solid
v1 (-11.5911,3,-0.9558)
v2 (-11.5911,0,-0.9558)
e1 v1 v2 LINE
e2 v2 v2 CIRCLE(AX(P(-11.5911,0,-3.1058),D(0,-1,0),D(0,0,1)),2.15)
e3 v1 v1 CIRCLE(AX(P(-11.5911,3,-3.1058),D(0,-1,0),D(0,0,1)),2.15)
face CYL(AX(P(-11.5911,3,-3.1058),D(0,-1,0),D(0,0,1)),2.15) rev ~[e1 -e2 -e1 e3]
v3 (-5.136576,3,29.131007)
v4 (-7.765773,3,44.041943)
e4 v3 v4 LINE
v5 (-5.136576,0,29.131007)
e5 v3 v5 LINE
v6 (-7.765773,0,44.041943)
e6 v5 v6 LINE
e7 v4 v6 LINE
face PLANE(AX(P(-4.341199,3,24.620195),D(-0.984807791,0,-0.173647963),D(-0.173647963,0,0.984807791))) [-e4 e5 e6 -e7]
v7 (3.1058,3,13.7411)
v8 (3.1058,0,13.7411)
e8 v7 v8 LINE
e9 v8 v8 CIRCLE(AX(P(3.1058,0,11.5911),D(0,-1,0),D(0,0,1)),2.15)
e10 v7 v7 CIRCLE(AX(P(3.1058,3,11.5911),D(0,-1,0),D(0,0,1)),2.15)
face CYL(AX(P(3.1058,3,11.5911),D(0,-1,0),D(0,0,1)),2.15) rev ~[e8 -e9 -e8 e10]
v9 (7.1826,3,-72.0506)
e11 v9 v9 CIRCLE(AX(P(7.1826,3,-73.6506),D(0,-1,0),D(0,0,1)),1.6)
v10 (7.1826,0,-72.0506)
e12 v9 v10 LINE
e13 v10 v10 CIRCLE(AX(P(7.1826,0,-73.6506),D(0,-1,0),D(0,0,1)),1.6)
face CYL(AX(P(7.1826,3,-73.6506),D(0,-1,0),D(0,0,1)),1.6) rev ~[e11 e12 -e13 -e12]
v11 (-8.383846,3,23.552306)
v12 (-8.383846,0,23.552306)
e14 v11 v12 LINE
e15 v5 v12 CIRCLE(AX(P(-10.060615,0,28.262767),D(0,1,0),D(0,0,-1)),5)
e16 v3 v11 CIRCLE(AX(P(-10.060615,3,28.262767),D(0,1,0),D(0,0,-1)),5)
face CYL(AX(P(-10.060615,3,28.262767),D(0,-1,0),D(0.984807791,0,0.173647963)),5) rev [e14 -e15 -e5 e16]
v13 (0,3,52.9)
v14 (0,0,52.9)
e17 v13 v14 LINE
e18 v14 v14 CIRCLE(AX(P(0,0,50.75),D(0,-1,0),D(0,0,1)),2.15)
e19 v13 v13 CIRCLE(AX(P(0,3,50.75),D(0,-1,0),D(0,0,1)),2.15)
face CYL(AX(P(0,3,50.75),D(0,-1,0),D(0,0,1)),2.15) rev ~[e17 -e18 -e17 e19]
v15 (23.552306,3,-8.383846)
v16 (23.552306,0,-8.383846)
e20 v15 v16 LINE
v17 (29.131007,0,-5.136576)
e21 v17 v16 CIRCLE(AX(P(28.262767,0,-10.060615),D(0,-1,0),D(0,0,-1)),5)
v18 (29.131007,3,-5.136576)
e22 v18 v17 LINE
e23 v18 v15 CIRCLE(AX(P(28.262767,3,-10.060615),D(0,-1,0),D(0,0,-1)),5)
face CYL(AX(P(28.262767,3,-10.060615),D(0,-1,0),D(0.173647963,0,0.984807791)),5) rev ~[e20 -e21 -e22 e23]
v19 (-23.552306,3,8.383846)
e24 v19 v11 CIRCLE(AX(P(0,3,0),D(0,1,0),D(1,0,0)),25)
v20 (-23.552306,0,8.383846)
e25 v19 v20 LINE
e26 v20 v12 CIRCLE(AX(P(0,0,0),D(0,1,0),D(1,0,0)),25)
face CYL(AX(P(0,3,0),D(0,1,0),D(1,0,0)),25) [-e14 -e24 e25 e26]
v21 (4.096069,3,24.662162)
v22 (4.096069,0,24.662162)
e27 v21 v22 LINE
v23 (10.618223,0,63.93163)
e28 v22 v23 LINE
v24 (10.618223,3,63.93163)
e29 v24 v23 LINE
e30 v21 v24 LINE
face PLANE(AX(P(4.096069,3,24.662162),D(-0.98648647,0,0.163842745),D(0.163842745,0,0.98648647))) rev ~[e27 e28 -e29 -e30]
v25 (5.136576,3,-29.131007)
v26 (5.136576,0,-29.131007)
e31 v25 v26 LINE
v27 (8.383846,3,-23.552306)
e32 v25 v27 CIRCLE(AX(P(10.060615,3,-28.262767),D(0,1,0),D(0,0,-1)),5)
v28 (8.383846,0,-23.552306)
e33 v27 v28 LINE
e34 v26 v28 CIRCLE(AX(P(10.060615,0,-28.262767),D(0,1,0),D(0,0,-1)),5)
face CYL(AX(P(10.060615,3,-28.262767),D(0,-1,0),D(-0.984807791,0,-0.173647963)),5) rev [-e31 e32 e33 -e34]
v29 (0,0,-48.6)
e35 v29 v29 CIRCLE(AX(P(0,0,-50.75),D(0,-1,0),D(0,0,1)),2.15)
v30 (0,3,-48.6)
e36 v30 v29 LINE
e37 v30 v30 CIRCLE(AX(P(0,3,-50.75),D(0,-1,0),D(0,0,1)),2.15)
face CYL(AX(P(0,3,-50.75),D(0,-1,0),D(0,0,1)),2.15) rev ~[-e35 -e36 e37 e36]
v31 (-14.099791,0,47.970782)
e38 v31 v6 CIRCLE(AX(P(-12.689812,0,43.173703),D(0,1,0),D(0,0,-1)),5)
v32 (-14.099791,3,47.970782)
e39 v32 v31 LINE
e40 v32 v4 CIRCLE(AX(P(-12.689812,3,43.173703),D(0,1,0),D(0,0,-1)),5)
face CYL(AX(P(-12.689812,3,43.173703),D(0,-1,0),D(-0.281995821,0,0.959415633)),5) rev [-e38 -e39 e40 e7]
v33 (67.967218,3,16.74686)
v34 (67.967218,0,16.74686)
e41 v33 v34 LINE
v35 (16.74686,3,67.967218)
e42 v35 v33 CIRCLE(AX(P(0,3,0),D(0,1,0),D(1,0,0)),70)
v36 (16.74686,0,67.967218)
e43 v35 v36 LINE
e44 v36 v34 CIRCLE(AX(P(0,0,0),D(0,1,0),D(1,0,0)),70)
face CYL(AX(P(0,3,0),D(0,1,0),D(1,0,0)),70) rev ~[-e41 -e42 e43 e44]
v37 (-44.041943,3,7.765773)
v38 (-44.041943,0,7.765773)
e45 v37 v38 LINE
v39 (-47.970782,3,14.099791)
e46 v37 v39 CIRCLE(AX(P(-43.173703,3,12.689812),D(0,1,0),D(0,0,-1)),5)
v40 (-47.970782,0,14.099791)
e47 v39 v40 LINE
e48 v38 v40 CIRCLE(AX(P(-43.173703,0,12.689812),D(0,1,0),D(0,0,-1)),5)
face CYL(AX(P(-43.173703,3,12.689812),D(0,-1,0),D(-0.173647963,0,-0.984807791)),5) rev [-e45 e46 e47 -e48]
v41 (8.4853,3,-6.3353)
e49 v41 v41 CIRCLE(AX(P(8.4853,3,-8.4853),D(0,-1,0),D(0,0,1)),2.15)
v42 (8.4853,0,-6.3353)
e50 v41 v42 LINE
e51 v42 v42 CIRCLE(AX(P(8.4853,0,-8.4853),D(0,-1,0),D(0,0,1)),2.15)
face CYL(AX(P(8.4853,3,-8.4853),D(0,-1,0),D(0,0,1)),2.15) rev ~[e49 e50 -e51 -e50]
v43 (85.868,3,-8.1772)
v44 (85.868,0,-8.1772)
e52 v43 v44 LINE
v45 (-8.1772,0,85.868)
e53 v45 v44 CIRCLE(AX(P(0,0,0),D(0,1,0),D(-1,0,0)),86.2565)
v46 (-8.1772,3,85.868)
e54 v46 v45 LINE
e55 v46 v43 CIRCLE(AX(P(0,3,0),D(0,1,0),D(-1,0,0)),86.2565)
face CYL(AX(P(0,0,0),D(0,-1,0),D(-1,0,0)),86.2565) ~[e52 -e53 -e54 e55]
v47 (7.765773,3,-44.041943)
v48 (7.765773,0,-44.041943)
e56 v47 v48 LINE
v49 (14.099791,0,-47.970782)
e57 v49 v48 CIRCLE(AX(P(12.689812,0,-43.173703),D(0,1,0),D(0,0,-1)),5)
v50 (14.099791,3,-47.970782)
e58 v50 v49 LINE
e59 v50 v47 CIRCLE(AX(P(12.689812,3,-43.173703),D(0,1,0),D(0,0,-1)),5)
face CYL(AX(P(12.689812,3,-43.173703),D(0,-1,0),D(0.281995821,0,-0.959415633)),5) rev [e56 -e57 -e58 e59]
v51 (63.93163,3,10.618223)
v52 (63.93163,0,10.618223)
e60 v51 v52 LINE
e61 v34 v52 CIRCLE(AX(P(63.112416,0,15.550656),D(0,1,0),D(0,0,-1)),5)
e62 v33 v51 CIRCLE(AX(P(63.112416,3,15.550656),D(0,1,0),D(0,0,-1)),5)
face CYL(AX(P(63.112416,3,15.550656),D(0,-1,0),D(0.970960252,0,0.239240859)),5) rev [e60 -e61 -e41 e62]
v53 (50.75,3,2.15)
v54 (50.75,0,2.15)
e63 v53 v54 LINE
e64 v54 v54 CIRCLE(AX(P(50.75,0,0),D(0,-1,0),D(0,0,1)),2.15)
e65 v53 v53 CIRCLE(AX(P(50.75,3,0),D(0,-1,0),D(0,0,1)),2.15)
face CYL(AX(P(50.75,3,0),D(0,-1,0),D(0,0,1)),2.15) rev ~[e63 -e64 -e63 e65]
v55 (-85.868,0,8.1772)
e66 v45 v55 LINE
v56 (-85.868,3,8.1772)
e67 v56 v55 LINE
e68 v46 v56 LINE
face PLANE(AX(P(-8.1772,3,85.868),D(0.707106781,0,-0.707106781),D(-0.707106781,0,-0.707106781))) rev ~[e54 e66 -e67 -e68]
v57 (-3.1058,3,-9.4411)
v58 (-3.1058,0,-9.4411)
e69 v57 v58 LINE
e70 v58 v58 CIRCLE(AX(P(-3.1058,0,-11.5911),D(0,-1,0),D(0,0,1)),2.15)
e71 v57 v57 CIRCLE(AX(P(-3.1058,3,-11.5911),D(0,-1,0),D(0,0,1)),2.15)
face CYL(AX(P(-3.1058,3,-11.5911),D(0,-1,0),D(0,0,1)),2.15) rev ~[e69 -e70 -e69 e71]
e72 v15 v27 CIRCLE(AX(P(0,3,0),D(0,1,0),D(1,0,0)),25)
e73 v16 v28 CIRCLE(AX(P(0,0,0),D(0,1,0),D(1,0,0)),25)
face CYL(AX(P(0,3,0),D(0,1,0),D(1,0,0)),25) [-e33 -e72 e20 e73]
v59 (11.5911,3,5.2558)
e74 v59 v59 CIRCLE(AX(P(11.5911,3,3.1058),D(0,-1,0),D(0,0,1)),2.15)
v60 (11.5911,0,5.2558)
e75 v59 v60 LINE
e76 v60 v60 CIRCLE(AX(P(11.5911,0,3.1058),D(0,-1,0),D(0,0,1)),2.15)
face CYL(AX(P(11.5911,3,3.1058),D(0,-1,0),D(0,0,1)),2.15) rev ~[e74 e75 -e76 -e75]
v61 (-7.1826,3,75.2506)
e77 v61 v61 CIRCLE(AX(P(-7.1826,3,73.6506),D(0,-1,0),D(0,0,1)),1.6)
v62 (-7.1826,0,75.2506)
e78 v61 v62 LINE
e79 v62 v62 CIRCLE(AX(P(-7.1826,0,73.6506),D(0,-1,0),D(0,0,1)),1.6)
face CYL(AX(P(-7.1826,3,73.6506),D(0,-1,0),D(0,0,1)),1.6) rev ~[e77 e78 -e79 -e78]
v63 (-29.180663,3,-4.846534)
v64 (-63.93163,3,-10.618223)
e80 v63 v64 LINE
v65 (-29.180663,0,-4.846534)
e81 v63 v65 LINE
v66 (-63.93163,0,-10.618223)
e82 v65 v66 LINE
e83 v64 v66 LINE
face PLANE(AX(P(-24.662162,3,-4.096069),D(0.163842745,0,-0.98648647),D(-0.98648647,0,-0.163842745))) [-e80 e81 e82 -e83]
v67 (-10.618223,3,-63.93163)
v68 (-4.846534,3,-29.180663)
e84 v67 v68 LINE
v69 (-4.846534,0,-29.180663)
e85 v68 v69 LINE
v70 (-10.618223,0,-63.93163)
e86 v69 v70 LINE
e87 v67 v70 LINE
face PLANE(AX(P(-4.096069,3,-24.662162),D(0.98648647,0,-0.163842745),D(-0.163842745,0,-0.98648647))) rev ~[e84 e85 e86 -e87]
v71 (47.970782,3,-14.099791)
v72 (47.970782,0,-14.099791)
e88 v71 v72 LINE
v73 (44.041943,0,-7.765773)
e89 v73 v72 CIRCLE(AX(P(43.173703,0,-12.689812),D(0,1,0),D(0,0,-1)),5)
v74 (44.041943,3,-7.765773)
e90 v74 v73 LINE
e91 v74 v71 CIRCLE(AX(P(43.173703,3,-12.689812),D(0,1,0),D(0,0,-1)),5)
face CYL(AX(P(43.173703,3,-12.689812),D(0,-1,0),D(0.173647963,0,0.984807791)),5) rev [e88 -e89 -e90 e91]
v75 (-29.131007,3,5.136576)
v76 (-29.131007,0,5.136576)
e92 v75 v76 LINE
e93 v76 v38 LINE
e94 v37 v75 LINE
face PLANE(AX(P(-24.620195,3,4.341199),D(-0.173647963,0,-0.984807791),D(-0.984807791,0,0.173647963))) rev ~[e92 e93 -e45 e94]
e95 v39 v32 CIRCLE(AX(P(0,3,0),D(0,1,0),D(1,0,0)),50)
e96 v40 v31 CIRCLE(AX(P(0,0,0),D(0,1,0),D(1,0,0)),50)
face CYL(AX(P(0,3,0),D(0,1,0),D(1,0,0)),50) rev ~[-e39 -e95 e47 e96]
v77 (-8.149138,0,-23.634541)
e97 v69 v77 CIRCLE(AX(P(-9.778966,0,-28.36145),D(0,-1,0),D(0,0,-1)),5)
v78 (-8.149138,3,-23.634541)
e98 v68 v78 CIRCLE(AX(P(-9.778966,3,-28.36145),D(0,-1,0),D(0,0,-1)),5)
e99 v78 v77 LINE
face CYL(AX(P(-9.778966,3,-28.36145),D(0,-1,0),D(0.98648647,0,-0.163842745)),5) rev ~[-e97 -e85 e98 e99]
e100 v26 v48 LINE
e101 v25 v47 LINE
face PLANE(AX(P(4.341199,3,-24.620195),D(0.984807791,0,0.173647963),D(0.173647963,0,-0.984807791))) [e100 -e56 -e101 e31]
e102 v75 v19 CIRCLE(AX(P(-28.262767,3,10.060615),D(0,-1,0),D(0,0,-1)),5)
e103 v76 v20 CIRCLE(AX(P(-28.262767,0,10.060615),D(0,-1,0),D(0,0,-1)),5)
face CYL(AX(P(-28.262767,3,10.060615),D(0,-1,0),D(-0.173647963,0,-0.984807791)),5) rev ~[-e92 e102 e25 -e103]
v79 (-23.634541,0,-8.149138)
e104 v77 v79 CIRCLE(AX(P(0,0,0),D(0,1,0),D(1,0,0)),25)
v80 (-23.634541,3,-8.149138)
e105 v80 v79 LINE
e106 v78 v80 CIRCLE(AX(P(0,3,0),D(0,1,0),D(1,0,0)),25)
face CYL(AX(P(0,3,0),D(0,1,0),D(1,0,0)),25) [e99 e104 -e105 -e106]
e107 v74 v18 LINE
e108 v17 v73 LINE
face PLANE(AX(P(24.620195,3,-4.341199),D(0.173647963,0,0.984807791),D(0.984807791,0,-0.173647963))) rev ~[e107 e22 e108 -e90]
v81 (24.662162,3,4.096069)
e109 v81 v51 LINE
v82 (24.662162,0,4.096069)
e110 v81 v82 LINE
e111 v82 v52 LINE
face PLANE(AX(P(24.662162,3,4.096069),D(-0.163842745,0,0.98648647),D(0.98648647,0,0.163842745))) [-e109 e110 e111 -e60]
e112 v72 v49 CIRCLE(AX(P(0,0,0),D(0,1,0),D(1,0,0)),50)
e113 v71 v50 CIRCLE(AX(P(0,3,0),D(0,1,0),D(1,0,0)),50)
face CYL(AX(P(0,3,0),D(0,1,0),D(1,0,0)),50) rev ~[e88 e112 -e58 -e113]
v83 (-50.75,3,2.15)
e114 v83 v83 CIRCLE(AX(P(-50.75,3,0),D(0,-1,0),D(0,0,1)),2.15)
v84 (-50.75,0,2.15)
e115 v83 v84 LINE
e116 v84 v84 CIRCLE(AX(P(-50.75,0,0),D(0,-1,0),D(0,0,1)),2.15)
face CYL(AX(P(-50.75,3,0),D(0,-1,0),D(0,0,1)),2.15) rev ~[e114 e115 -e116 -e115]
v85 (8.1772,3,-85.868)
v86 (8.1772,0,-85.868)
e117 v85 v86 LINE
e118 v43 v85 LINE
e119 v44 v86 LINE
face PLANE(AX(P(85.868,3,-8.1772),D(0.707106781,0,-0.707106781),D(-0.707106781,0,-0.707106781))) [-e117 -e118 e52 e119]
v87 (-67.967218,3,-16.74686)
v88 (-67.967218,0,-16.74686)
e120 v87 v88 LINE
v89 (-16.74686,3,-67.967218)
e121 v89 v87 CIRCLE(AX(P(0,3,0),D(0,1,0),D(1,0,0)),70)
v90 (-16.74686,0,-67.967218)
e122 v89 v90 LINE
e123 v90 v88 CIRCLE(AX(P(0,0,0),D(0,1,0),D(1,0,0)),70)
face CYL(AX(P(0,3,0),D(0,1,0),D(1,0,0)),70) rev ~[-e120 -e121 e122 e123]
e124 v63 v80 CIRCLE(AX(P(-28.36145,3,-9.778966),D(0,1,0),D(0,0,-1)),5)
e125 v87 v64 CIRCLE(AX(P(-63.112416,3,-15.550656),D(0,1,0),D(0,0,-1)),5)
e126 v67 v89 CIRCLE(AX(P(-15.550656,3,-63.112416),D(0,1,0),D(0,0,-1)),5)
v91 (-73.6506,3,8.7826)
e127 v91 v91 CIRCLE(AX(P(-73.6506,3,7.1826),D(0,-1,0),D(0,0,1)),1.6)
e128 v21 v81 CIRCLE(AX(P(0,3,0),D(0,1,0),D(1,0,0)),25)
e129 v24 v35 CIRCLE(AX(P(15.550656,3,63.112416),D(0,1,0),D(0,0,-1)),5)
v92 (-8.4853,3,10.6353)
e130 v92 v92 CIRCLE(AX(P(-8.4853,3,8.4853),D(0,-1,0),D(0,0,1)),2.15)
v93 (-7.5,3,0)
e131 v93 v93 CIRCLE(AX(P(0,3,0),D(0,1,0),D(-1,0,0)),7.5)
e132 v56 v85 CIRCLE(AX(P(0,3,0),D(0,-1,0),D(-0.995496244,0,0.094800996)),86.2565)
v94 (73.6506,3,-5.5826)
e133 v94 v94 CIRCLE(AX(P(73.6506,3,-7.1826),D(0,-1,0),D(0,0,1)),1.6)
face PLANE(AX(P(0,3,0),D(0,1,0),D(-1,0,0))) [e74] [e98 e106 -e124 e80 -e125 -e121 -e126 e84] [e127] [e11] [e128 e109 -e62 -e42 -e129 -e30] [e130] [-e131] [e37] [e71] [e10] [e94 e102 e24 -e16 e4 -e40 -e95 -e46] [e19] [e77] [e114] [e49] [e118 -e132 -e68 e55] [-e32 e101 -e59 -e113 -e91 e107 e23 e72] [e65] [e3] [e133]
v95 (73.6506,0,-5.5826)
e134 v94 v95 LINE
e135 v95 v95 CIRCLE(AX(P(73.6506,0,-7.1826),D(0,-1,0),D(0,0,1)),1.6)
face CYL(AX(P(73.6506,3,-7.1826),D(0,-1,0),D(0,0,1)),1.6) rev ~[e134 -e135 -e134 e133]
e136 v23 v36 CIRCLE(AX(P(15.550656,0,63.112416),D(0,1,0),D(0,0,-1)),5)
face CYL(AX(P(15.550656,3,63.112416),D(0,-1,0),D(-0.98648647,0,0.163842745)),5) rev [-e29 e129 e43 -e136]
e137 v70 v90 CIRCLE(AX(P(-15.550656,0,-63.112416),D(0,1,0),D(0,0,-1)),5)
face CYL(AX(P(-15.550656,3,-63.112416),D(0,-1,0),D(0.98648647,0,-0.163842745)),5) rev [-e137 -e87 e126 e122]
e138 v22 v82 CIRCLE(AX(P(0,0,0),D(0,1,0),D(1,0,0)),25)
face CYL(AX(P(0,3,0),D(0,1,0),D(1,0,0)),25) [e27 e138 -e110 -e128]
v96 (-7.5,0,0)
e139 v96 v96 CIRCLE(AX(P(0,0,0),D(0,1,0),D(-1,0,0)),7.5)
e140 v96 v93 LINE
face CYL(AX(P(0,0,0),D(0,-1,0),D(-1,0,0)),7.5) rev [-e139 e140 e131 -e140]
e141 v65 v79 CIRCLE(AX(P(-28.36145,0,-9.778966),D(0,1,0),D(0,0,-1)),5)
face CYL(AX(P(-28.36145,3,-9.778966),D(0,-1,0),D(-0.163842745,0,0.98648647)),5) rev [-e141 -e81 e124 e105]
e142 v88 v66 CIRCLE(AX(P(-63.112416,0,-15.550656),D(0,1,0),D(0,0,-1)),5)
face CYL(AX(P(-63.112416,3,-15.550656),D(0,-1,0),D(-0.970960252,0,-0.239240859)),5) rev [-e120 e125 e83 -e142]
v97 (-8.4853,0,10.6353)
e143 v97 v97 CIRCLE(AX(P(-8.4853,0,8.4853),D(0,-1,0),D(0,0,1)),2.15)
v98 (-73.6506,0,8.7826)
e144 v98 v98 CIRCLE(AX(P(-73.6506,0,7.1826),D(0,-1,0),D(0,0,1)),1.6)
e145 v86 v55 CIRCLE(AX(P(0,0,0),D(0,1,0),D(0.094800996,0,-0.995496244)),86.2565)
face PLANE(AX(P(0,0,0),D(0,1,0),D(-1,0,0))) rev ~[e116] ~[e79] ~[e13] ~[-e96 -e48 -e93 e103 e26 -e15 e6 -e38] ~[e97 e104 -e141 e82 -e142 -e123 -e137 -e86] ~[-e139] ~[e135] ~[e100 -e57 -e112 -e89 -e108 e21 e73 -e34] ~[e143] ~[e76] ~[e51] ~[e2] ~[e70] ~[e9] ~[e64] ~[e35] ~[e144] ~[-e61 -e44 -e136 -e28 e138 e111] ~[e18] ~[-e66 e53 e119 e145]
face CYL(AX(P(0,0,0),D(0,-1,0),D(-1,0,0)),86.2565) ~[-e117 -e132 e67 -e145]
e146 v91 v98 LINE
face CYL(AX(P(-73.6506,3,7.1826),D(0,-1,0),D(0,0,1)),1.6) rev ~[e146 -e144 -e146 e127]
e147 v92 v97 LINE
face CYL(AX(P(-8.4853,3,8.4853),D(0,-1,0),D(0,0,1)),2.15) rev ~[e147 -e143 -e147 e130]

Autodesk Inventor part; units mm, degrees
ref_plane "YZ Plane" through (0, 0, 0) normal (1, 0, 0) x (0, 1, 0)
ref_plane "XZ Plane" through (0, 0, 0) normal (0, 1, 0) x (-1, 0, 0)
ref_plane "XY Plane" through (0, 0, 0) normal (0, 0, 1) x (1, 0, 0)
sketch "スケッチ1" plane through (0, 0, 0) normal (0, 1, 0) x (-1, 0, 0)
  circle A0 centre (0, 0) radius 86.2565
  circle A1 centre (0, 0) radius 7.5
  dimension "d0" = 172.513
  dimension "d1" = 15
extrude "押し出し1" add sketch "スケッチ1" along normal blind 3
sketch "スケッチ2" plane through (0, 3, 0) normal (0, 1, 0) x (1, 0, 0)
  circle A0 centre (0, 0) radius 50.75
  point P0 (0, 50.75)
  point P1 (-50.75, 0)
  point P2 (0, -50.75)
  point P3 (50.75, 0)
  dimension "d4" = 101.5
  dimension "d7" = 360
hole "穴1" at (0, 3, -50.75) at (-50.75, 3, 0) at (0, 3, 50.75) at (50.75, 3, 0) direction (0, -1, 0) diameter 4.3 end through all
sketch "スケッチ3" plane through (0, 3, 0) normal (0, 1, 0) x (1, 0, 0)
  line L0 (0, 0) -> (86.2565, 0)
  circle A0 centre (0, 0) radius 86.2565 projected
  circle A1 centre (0, 0) radius 7.5 projected
  line L1 (0, 0) -> (60.9926, -60.9926)
  line L2 (-8.1772, -85.868) -> (-85.868, -8.1772)
  line L3 (85.868, 8.1772) -> (8.1772, 85.868)
  point P0 (8.1772, 85.868)
  point P1 (83.085, 0)
  point P2 (85.868, 8.1772)
  dimension "d16" = 45
  dimension "d64" = 66.5
extrude "押し出し2" cut sketch "スケッチ3" against normal blind 3 contours L3 A0 | A0 L2
sketch "スケッチ4" plane through (0, 3, 0) normal (0, 1, 0) x (1, 0, 0)
  circle A0 centre (0, 0) radius 7.5 projected
  circle A1 centre (0, 0) radius 12
  line L0 (0, 0) -> (-8.4853, -8.4853)
  line L1 (0, 0) -> (-12, 0)
  point P0 (3.1058, -11.5911)
  point P1 (11.5911, -3.1058)
  point P2 (8.4853, 8.4853)
  point P3 (-3.1058, 11.5911)
  point P4 (-11.5911, 3.1058)
  dimension "d20" = 24
  dimension "d21" = 45
  dimension "d24" = 360
hole "穴2" at (-8.4853, 3, 8.4853) at (3.1058, 3, 11.5911) at (11.5911, 3, 3.1058) at (8.4853, 3, -8.4853) at (-3.1058, 3, -11.5911) at (-11.5911, 3, -3.1058) direction (0, -1, 0) diameter 4.3 end through all
sketch "スケッチ5" plane through (0, 3, 0) normal (0, 1, 0) x (1, 0, 0)
  arc A0 (-8.1772, -85.868) -> (85.868, 8.1772) centre (0, 0) ccw projected
  line L0 (5.2626, -86.0958) -> (-86.0958, 5.2626)
  arc A1 (8.1772, 85.868) -> (-85.868, -8.1772) centre (0, 0) ccw projected
  line L1 (-85.868, -8.1772) -> (-8.1772, -85.868) projected
  line L2 (-5.2626, 86.0958) -> (86.0958, -5.2626)
  line L3 (85.868, 8.1772) -> (8.1772, 85.868) projected
  line L4 (-85.868, -8.1772) -> (8.1772, 85.868)
  line L5 (-8.1772, -85.868) -> (85.868, 8.1772)
  line L6 (-73.6506, -7.1826) -> (7.1826, 73.6506)
  line L7 (80.2566, 13.7886) -> (-7.1826, -73.6506)
  line L8 (0, 0) -> (40.4166, 40.4166)
  circle A2 centre (0, 0) radius 74
  point P0 (-73.6506, -7.1826)
  point P1 (7.1826, 73.6506)
  point P2 (73.6506, 7.1826)
  dimension "d61" = 148
  dimension "d62" = 47
  dimension "d63" = 47
hole "穴3" at (-73.6506, 3, 7.1826) at (7.1826, 3, -73.6506) at (73.6506, 3, -7.1826) at (-7.1826, 3, 73.6506) direction (0, -1, 0) diameter 3.2 end through all
sketch "スケッチ6" plane through (0, 3, 0) normal (0, 1, 0) x (1, 0, 0)
  circle A0 centre (0, 0) radius 7.5 projected
  circle A1 centre (0, 0) radius 70
  circle A2 centre (0, 0) radius 50
  circle A3 centre (7.1826, 73.6506) radius 1.6 projected
  line L0 (0, 0) -> (7.1826, 73.6506)
  circle A4 centre (-73.6506, -7.1826) radius 1.6 projected
  line L1 (0, 0) -> (-73.6506, -7.1826)
  line L2 (0, 0) -> (-11.469, 69.0541)
  line L3 (0, 0) -> (-69.0541, 11.469)
  circle A5 centre (0, 0) radius 25
  circle A6 centre (0, 50.75) radius 2.15 projected
  line L4 (0, 0) -> (0, 50.75)
  line L5 (0, 0) -> (8.6824, 49.2404)
  line L6 (0, 0) -> (49.2404, 8.6824)
  circle A7 centre (50.75, 0) radius 2.15 projected
  line L7 (0, 0) -> (50.75, 0)
  line L8 (0, 0) -> (-49.2404, -8.6824)
  line L9 (0, 0) -> (-8.6824, -49.2404)
  line L10 (0, 0) -> (11.469, -69.0541)
  line L11 (0, 0) -> (69.0541, -11.469)
  circle A8 centre (0, 0) radius 40
  point P0 (-4.3412, -24.6202)
  point P1 (-24.6202, -4.3412)
  point P2 (49.3243, -8.1921)
  point P3 (24.6622, -4.0961)
  point P4 (4.0961, -24.6622)
  point P5 (8.1921, -49.3243)
  point P6 (24.6202, 4.3412)
  point P7 (4.3412, 24.6202)
  point P8 (-24.6622, 4.0961)
  point P9 (-4.0961, 24.6622)
  point P10 (-8.1921, 49.3243)
  point P11 (-49.3243, 8.1921)
  point P12 (69.0541, -11.469)
  point P13 (11.469, -69.0541)
  point P14 (39.4595, -6.5537)
  point P15 (6.5537, -39.4595)
  point P16 (-39.4595, 6.5537)
  point P17 (-6.5537, 39.4595)
  dimension "d44" = 140
  dimension "d45" = 100
  dimension "d46" = 15
  dimension "d47" = 15
  dimension "d48" = 50
  dimension "d49" = 10
  dimension "d50" = 10
  dimension "d53" = 360
  dimension "d57" = 80
extrude "押し出し3" cut sketch "スケッチ6" against normal blind 10 contours A5 L5 A8 L6 | L11 A8 L10 A5 | A8 L5 A2 L6 | L11 A2 L10 A8 | A5 L3 A8 L2 | A5 L9 A8 L8 | L11 A1 L10 A2 | A8 L3 A2 L2 | A8 L9 A2 L8 | A2 L3 A1 L2
fillet "フィレット1" radius 5 14 edges at (-11.469, 1.5, -69.0541) (-69.0541, 1.5, -11.469) (-49.2404, 1.5, 8.6824) (-24.6202, 1.5, 4.3412) (-8.6824, 1.5, 49.2404) (-4.3412, 1.5, 24.6202) (11.469, 1.5, 69.0541) (69.0541, 1.5, 11.469) (24.6202, 1.5, -4.3412) (49.2404, 1.5, -8.6824) (8.6824, 1.5, -49.2404) (4.3412, 1.5, -24.6202) (-4.0961, 1.5, -24.6622) (-24.6622, 1.5, -4.0961)
equation "\"d64\" = Almiwidth4"
equation "\"d62\" = Almiwidth1"
equation "\"d63\" = Almiwidth1"
equation "\"Almiwidth4\" = 66.5"
equation "\"Almiwidth1\" = 47"
properties part number "baseplate_R2toR6" material "アルミニウム 6061"
